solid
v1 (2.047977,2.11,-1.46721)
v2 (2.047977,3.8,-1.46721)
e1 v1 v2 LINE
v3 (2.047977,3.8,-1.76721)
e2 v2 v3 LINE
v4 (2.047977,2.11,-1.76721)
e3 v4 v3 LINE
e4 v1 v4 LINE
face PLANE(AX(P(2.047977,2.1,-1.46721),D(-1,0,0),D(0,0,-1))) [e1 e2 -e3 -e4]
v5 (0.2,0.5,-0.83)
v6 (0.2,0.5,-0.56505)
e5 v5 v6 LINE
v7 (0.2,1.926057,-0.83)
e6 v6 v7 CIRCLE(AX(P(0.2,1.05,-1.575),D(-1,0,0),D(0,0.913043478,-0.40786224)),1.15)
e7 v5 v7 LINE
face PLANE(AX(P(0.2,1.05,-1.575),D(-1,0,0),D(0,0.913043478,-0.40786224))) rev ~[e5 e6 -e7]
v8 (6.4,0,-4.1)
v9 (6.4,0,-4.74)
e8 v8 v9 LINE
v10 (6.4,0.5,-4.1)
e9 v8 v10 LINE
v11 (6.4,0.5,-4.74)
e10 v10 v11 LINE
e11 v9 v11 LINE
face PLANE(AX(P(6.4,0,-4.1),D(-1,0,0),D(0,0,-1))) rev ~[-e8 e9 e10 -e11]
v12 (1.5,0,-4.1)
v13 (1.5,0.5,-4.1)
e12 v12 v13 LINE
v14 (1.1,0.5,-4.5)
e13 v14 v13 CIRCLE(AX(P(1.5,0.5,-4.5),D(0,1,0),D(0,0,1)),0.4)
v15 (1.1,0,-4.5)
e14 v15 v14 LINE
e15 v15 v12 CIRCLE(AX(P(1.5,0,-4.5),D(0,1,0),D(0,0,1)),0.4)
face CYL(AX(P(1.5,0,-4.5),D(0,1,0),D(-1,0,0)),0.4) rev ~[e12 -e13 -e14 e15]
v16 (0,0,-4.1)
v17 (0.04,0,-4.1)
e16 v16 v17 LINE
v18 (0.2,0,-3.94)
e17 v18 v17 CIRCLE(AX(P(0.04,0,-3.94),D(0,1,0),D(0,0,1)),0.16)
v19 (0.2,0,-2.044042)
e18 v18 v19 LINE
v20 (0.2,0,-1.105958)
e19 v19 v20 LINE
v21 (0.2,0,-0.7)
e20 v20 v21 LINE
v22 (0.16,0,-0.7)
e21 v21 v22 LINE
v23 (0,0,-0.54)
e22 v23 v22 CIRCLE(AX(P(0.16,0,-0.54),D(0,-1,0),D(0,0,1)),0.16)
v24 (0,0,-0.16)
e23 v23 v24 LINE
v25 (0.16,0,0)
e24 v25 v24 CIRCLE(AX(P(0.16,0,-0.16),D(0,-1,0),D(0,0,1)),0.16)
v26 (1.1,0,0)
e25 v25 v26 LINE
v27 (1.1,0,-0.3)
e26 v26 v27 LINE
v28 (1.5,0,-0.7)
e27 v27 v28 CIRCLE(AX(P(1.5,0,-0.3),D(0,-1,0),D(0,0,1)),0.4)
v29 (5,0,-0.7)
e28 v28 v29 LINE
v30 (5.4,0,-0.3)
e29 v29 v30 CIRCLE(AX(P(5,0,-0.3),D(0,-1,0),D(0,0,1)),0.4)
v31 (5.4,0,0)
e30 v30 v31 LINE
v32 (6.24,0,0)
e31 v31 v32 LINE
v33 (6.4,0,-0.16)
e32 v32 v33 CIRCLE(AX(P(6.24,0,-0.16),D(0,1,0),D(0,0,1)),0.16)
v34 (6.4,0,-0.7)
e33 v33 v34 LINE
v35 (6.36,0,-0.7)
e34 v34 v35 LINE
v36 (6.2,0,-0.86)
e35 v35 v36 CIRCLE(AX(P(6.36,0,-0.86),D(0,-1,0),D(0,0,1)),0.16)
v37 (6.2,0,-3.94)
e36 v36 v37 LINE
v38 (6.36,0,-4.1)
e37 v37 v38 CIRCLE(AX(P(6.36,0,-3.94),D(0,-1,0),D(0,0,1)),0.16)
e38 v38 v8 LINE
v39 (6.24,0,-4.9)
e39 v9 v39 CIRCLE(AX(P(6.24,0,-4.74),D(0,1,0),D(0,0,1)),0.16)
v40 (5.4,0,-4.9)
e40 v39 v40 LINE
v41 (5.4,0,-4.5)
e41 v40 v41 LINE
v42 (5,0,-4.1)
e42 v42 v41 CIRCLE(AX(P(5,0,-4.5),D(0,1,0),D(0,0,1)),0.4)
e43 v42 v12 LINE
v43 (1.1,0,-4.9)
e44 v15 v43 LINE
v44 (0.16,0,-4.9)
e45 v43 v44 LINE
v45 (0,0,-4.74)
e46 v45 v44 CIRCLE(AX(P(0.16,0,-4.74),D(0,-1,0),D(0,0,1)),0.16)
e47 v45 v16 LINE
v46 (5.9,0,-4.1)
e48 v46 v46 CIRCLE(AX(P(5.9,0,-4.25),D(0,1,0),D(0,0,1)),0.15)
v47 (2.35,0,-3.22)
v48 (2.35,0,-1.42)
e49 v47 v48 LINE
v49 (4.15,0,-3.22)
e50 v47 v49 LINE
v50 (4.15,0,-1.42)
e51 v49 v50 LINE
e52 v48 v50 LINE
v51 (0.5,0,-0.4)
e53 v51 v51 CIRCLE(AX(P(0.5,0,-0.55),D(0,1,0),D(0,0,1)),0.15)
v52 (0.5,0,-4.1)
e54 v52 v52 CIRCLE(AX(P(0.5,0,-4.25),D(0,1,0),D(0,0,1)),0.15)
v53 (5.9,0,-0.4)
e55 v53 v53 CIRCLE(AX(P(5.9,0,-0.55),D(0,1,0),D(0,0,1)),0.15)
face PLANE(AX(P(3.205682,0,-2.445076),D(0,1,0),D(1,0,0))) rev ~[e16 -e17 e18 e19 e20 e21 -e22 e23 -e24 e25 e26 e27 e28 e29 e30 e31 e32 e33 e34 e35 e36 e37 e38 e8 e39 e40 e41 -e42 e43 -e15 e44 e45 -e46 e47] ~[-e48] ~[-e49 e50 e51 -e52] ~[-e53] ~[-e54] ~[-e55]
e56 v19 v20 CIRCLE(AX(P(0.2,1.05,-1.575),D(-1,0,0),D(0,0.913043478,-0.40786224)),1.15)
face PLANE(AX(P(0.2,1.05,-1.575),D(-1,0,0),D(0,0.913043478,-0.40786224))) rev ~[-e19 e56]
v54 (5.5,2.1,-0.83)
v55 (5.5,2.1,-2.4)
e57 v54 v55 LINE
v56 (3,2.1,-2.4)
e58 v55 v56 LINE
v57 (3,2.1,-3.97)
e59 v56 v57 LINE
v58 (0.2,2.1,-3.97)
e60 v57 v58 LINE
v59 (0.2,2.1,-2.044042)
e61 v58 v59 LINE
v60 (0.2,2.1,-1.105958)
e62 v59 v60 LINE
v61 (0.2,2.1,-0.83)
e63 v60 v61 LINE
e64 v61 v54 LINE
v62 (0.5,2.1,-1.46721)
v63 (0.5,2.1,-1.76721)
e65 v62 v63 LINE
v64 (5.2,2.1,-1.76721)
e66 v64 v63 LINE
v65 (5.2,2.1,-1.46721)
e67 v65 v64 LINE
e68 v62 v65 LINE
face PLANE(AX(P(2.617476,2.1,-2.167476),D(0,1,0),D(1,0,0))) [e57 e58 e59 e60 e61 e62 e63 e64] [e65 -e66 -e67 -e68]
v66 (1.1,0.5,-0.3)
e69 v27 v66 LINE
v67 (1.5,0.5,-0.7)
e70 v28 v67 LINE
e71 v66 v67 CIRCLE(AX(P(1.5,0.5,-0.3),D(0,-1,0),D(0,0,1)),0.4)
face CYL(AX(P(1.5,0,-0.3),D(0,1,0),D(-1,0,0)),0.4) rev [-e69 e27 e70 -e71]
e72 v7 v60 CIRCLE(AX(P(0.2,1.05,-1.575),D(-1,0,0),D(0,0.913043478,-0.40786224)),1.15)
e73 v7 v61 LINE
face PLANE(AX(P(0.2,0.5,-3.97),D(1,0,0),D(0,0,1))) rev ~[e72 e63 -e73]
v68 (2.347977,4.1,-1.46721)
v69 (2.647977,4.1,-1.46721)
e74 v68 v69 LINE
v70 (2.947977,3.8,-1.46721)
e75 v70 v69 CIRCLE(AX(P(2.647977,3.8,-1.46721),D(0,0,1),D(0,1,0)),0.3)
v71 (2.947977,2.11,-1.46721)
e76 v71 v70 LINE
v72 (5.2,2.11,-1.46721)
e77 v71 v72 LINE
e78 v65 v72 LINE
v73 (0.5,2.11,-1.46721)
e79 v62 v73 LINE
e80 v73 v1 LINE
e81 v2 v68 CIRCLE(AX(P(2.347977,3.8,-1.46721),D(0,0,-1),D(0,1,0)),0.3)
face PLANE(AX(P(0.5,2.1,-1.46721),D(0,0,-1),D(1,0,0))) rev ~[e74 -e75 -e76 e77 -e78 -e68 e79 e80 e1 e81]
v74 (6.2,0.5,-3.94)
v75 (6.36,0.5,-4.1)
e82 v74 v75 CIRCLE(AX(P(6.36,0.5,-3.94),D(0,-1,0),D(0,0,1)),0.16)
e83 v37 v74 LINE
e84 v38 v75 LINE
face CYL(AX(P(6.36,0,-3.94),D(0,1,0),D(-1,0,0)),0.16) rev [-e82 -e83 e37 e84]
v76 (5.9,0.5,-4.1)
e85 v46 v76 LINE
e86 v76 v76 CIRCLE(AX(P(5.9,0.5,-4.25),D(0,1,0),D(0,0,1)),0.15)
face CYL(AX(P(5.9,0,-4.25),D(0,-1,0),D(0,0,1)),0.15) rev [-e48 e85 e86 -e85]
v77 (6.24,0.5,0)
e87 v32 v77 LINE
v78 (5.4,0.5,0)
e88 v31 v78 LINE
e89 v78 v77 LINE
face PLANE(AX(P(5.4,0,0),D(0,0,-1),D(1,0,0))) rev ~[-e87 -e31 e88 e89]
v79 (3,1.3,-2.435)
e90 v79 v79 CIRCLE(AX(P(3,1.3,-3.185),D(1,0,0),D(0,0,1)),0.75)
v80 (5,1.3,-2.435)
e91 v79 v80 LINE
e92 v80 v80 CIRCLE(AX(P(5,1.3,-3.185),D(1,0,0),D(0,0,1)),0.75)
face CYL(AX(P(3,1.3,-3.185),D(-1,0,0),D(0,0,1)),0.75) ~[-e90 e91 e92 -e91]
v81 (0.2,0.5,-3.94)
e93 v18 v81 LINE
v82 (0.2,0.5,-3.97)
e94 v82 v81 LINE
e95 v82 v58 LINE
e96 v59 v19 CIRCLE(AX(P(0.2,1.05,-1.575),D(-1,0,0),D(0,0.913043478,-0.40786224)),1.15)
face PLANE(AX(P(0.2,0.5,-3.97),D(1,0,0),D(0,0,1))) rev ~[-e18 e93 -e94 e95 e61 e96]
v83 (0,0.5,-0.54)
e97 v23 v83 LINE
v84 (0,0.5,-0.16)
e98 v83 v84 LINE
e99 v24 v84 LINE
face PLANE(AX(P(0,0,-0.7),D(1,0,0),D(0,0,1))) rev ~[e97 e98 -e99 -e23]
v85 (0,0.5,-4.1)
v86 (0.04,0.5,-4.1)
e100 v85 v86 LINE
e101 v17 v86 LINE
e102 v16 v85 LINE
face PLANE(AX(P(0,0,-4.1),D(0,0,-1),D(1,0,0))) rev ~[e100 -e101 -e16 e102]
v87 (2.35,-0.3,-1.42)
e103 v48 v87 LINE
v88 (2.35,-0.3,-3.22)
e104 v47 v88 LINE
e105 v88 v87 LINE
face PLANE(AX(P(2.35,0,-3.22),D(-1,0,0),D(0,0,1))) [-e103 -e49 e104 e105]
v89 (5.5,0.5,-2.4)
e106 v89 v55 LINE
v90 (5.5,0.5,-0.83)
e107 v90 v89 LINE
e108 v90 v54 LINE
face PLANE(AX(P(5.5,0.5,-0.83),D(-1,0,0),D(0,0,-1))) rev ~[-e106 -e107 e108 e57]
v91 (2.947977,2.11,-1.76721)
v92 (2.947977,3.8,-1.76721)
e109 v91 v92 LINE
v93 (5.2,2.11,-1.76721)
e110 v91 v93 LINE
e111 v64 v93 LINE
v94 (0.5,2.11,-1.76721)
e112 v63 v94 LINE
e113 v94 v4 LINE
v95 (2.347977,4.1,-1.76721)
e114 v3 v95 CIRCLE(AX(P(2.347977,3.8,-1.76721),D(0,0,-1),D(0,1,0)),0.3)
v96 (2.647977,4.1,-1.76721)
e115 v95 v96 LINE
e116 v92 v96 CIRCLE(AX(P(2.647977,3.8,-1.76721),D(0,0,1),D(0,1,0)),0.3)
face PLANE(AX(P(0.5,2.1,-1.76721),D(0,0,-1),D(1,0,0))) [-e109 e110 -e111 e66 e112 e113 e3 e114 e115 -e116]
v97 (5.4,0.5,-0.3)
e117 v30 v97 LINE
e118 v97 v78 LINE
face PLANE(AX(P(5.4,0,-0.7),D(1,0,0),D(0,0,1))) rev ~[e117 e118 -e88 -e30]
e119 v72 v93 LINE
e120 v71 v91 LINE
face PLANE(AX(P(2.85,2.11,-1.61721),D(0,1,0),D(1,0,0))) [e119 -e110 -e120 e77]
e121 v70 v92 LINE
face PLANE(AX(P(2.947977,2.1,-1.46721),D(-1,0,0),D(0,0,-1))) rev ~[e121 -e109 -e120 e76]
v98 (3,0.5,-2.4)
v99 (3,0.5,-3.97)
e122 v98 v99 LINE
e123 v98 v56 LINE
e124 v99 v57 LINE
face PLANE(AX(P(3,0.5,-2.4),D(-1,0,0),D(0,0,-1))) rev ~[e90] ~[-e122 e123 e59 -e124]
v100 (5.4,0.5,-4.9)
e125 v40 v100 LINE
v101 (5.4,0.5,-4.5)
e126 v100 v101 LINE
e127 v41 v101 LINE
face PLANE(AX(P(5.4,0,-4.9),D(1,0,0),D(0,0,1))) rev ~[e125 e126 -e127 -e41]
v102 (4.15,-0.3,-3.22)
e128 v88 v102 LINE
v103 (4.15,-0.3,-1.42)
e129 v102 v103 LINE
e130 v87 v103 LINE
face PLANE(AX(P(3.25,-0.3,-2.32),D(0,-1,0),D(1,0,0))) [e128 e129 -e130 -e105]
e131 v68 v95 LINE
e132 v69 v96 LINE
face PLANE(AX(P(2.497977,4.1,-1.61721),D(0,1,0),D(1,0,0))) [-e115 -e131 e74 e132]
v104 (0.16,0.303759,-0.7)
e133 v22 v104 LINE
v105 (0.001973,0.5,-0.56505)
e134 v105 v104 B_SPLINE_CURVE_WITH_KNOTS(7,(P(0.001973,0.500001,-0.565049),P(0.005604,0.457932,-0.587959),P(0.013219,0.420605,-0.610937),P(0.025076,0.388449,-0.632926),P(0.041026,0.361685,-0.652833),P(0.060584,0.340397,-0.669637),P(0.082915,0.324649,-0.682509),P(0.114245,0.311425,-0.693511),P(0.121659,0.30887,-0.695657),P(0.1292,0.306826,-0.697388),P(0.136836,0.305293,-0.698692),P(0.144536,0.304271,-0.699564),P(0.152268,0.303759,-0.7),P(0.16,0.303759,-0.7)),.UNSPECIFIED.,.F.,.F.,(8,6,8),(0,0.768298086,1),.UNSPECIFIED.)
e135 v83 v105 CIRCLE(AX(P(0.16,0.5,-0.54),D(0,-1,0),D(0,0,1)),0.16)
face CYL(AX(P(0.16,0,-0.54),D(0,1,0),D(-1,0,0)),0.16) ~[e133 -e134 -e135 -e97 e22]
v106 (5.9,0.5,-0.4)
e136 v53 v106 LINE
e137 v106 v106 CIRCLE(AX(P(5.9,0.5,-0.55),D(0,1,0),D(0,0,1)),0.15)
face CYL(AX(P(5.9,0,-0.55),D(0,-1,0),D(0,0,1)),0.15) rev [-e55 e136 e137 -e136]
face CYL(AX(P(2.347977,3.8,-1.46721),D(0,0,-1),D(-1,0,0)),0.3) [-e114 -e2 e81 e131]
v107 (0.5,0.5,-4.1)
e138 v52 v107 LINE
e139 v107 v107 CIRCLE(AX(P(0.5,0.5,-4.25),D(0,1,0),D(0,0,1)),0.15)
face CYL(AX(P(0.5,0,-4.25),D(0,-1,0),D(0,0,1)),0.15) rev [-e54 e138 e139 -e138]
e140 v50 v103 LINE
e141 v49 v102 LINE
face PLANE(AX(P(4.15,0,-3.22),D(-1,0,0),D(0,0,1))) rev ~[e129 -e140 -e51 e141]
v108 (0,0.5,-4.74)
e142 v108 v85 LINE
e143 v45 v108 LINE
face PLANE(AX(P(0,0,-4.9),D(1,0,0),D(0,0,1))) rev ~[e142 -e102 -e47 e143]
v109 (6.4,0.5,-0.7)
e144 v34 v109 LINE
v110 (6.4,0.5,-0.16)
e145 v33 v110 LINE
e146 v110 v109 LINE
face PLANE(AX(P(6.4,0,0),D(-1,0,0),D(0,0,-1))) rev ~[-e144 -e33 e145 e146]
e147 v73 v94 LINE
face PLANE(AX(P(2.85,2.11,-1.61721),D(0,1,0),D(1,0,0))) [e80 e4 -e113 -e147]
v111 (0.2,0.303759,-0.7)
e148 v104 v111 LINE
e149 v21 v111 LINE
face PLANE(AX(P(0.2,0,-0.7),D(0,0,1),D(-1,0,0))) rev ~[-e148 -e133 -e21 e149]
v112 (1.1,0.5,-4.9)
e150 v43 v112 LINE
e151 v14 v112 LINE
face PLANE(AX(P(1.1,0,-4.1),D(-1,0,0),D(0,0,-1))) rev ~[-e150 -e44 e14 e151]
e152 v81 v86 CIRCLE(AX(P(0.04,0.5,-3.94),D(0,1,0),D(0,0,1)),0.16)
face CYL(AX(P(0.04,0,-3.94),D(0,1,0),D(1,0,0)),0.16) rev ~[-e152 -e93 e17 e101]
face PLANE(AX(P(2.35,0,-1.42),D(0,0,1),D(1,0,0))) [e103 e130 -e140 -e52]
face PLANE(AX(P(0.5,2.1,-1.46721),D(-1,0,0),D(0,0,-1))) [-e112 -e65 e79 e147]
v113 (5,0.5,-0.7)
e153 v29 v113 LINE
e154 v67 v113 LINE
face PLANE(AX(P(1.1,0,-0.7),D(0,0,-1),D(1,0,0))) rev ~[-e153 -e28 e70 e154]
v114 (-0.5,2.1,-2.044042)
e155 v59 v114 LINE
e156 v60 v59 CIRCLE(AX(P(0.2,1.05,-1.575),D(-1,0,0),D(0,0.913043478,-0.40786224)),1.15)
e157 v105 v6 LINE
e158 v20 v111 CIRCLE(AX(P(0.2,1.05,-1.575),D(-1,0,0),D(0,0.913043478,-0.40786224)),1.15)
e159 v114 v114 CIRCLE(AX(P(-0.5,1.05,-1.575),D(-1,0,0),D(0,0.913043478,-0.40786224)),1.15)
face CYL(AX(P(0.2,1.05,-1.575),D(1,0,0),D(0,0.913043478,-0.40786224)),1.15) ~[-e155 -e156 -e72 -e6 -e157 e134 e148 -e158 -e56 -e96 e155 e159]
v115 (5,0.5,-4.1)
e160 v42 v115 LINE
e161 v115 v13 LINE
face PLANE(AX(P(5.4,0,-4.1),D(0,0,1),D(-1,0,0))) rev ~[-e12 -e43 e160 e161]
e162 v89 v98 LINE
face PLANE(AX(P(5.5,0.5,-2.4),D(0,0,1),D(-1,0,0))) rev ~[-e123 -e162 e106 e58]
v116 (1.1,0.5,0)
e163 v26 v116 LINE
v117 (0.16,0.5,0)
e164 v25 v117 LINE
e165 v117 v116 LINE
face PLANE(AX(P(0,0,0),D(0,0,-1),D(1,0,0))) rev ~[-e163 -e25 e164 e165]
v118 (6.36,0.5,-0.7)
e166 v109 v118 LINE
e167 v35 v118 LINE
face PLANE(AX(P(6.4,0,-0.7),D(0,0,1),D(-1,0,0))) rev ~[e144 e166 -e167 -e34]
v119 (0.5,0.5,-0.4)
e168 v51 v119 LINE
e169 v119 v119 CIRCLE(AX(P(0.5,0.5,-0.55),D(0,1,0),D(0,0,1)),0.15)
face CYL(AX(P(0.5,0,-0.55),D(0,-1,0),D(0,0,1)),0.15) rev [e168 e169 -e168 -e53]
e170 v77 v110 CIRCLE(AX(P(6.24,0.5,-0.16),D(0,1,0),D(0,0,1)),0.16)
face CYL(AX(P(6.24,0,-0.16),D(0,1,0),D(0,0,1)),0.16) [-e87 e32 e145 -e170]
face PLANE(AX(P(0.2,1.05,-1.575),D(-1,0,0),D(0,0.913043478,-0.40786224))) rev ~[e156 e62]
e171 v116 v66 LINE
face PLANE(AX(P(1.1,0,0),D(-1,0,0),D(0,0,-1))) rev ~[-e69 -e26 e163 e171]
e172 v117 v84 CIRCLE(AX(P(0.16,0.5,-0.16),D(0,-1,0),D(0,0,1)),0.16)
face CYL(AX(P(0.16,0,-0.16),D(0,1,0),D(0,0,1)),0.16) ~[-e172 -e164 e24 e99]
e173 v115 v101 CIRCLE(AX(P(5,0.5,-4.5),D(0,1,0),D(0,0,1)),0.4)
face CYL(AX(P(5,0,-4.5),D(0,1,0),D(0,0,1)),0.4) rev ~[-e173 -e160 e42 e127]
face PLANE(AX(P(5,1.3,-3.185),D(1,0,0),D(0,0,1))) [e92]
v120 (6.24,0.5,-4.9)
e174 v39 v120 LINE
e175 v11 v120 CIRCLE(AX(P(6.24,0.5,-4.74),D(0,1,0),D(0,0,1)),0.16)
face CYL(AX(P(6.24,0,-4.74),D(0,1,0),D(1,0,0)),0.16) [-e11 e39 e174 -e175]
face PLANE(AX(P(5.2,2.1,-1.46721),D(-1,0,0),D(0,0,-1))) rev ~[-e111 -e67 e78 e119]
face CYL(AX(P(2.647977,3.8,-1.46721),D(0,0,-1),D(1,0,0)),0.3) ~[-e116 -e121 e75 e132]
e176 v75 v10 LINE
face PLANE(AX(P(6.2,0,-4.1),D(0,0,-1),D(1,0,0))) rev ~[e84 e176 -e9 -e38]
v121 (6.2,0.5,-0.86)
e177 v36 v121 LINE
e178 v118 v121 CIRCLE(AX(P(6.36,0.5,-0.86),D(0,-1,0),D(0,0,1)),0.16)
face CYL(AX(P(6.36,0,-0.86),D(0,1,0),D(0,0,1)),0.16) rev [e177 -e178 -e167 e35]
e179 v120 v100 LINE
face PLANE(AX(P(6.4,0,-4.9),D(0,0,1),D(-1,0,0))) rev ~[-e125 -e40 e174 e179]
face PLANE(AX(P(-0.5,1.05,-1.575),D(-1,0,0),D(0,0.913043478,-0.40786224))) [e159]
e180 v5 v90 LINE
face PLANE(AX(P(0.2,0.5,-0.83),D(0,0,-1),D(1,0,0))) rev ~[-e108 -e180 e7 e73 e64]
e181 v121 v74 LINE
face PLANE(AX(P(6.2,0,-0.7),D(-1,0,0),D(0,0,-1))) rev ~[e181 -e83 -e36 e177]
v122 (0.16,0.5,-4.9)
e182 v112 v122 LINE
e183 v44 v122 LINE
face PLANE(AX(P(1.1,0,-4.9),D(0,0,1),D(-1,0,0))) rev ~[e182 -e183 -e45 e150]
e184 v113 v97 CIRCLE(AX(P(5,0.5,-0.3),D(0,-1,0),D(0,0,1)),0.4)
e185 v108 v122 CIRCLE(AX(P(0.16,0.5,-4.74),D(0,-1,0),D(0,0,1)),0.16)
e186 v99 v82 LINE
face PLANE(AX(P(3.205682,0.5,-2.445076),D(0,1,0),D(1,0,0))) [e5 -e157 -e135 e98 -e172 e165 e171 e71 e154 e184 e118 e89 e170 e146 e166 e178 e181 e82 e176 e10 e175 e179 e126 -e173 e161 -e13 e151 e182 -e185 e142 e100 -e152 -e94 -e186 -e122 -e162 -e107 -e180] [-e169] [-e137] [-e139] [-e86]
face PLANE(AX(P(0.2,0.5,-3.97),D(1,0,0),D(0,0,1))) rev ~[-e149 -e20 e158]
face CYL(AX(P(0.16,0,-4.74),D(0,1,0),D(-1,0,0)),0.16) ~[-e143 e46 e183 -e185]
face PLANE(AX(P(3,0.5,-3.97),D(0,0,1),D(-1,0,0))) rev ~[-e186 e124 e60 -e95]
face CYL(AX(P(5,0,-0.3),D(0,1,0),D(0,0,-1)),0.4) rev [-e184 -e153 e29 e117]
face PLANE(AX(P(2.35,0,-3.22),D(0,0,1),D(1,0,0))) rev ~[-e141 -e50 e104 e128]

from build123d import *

# Parameters (mm, degrees)
SKETCH1_R            = 0.15
BOSS_EXTRUDE1_DEPTH  = 0.5
FILLET1_R            = 0.4
FILLET2_R            = 0.16
BOSS_EXTRUDE2_DEPTH  = 1.6
SKETCH3_R            = 0.75
BOSS_EXTRUDE7_DEPTH  = 2
SKETCH4_W            = 1.8
SKETCH4_H            = 1.8
BOSS_EXTRUDE8_DEPTH  = 0.3
SKETCH5_R            = 1.15
BOSS_EXTRUDE9_DEPTH  = 0.7
SKETCH6_W            = 0.9
SKETCH6_H            = 0.3
BOSS_EXTRUDE10_DEPTH = 2
FILLET3_R            = 0.3
SKETCH7_W            = 4.7
SKETCH7_H            = 0.3
BOSS_EXTRUDE11_DEPTH = 0.01


with BuildPart() as part:
    # Sketch1 → Boss-Extrude1 (new body)
    with BuildSketch(Plane(origin=(0, 0, 0), x_dir=(1, 0, 0), z_dir=(0, 1, 0))):
        Polygon((0, 0), (1.1, 0), (1.1, 0.7), (5.4, 0.7), (5.4, 0), (6.4, 0), (6.4, 0.7), (6.2, 0.7), (6.2, 4.1), (6.4, 4.1), (6.4, 4.9), (5.4, 4.9), (5.4, 4.1), (1.1, 4.1), (1.1, 4.9), (0, 4.9), (0, 4.1), (0.2, 4.1), (0.2, 0.7), (0, 0.7), align=None)
        with Locations(Location((0.5, 4.25, 0), (0, 0, 270))):
            Circle(SKETCH1_R, mode=Mode.SUBTRACT)
        with Locations(Location((0.5, 0.55, 0), (0, 0, 270))):
            Circle(SKETCH1_R, mode=Mode.SUBTRACT)
        with Locations(Location((5.9, 0.55, 0), (0, 0, 270))):
            Circle(SKETCH1_R, mode=Mode.SUBTRACT)
        with Locations(Location((5.9, 4.25, 0), (0, 0, 270))):
            Circle(SKETCH1_R, mode=Mode.SUBTRACT)
    extrude(amount=BOSS_EXTRUDE1_DEPTH)

    # Fillet1
    fillet1_edges = [part.edges().sort_by_distance(p)[0] for p in [
        (1.1, 0.25, -4.1),
        (5.4, 0.25, -4.1),
        (5.4, 0.25, -0.7),
        (1.1, 0.25, -0.7),
    ]]
    fillet(fillet1_edges, radius=FILLET1_R)

    # Fillet2
    fillet2_edges = [part.edges().sort_by_distance(p)[0] for p in [
        (0, 0.25, -0.7),
        (0.2, 0.25, -4.1),
        (0, 0.25, -4.9),
        (6.4, 0.25, -4.9),
        (6.2, 0.25, -4.1),
        (6.2, 0.25, -0.7),
        (6.4, 0.25, 0),
        (0, 0.25, 0),
    ]]
    fillet(fillet2_edges, radius=FILLET2_R)

    # Sketch2 → Boss-Extrude2 (add)
    with BuildSketch(Plane(origin=(0, 0.5, 0), x_dir=(1, 0, 0), z_dir=(0, 1, 0))):
        Polygon((0.2, 0.83), (5.5, 0.83), (5.5, 2.4), (3, 2.4), (3, 3.97), (0.2, 3.97), align=None)
    extrude(amount=BOSS_EXTRUDE2_DEPTH)

    # Sketch3 → Boss-Extrude7 (add)
    with BuildSketch(Plane(origin=(3, 0, 0), x_dir=(0, 0, -1), z_dir=(1, 0, 0))):
        with Locations(Location((3.185, 1.3, 0), (0, 0, 180))):
            Circle(SKETCH3_R)
    extrude(amount=BOSS_EXTRUDE7_DEPTH)

    # Sketch4 → Boss-Extrude8 (add)
    with BuildSketch(Plane.XZ):
        with Locations((3.25, -2.32)):
            Rectangle(SKETCH4_W, SKETCH4_H)
    extrude(amount=BOSS_EXTRUDE8_DEPTH)

    # Sketch5 → Boss-Extrude9 (add)
    with BuildSketch(Plane.ZY.offset(-0.2)):
        with Locations(Location((-1.575, 1.05, 0), (0, 0, 114.070614623))):
            Circle(SKETCH5_R)
    extrude(amount=BOSS_EXTRUDE9_DEPTH)

    # Sketch6 → Boss-Extrude10 (add)
    with BuildSketch(Plane(origin=(0, 2.1, 0), x_dir=(1, 0, 0), z_dir=(0, 1, 0))):
        with Locations((2.497976847, 1.617210326)):
            Rectangle(SKETCH6_W, SKETCH6_H)
    extrude(amount=BOSS_EXTRUDE10_DEPTH)

    # Fillet3
    fillet3_edges = [part.edges().sort_by_distance(p)[0] for p in [
        (2.047976847, 4.1, -1.617210326),
        (2.947976847, 4.1, -1.617210326),
    ]]
    fillet(fillet3_edges, radius=FILLET3_R)

    # Sketch7 → Boss-Extrude11 (add)
    with BuildSketch(Plane(origin=(0, 2.1, 0), x_dir=(1, 0, 0), z_dir=(0, 1, 0))):
        with Locations((2.85, 1.617210326)):
            Rectangle(SKETCH7_W, SKETCH7_H)
    extrude(amount=BOSS_EXTRUDE11_DEPTH)


solid = part.part
